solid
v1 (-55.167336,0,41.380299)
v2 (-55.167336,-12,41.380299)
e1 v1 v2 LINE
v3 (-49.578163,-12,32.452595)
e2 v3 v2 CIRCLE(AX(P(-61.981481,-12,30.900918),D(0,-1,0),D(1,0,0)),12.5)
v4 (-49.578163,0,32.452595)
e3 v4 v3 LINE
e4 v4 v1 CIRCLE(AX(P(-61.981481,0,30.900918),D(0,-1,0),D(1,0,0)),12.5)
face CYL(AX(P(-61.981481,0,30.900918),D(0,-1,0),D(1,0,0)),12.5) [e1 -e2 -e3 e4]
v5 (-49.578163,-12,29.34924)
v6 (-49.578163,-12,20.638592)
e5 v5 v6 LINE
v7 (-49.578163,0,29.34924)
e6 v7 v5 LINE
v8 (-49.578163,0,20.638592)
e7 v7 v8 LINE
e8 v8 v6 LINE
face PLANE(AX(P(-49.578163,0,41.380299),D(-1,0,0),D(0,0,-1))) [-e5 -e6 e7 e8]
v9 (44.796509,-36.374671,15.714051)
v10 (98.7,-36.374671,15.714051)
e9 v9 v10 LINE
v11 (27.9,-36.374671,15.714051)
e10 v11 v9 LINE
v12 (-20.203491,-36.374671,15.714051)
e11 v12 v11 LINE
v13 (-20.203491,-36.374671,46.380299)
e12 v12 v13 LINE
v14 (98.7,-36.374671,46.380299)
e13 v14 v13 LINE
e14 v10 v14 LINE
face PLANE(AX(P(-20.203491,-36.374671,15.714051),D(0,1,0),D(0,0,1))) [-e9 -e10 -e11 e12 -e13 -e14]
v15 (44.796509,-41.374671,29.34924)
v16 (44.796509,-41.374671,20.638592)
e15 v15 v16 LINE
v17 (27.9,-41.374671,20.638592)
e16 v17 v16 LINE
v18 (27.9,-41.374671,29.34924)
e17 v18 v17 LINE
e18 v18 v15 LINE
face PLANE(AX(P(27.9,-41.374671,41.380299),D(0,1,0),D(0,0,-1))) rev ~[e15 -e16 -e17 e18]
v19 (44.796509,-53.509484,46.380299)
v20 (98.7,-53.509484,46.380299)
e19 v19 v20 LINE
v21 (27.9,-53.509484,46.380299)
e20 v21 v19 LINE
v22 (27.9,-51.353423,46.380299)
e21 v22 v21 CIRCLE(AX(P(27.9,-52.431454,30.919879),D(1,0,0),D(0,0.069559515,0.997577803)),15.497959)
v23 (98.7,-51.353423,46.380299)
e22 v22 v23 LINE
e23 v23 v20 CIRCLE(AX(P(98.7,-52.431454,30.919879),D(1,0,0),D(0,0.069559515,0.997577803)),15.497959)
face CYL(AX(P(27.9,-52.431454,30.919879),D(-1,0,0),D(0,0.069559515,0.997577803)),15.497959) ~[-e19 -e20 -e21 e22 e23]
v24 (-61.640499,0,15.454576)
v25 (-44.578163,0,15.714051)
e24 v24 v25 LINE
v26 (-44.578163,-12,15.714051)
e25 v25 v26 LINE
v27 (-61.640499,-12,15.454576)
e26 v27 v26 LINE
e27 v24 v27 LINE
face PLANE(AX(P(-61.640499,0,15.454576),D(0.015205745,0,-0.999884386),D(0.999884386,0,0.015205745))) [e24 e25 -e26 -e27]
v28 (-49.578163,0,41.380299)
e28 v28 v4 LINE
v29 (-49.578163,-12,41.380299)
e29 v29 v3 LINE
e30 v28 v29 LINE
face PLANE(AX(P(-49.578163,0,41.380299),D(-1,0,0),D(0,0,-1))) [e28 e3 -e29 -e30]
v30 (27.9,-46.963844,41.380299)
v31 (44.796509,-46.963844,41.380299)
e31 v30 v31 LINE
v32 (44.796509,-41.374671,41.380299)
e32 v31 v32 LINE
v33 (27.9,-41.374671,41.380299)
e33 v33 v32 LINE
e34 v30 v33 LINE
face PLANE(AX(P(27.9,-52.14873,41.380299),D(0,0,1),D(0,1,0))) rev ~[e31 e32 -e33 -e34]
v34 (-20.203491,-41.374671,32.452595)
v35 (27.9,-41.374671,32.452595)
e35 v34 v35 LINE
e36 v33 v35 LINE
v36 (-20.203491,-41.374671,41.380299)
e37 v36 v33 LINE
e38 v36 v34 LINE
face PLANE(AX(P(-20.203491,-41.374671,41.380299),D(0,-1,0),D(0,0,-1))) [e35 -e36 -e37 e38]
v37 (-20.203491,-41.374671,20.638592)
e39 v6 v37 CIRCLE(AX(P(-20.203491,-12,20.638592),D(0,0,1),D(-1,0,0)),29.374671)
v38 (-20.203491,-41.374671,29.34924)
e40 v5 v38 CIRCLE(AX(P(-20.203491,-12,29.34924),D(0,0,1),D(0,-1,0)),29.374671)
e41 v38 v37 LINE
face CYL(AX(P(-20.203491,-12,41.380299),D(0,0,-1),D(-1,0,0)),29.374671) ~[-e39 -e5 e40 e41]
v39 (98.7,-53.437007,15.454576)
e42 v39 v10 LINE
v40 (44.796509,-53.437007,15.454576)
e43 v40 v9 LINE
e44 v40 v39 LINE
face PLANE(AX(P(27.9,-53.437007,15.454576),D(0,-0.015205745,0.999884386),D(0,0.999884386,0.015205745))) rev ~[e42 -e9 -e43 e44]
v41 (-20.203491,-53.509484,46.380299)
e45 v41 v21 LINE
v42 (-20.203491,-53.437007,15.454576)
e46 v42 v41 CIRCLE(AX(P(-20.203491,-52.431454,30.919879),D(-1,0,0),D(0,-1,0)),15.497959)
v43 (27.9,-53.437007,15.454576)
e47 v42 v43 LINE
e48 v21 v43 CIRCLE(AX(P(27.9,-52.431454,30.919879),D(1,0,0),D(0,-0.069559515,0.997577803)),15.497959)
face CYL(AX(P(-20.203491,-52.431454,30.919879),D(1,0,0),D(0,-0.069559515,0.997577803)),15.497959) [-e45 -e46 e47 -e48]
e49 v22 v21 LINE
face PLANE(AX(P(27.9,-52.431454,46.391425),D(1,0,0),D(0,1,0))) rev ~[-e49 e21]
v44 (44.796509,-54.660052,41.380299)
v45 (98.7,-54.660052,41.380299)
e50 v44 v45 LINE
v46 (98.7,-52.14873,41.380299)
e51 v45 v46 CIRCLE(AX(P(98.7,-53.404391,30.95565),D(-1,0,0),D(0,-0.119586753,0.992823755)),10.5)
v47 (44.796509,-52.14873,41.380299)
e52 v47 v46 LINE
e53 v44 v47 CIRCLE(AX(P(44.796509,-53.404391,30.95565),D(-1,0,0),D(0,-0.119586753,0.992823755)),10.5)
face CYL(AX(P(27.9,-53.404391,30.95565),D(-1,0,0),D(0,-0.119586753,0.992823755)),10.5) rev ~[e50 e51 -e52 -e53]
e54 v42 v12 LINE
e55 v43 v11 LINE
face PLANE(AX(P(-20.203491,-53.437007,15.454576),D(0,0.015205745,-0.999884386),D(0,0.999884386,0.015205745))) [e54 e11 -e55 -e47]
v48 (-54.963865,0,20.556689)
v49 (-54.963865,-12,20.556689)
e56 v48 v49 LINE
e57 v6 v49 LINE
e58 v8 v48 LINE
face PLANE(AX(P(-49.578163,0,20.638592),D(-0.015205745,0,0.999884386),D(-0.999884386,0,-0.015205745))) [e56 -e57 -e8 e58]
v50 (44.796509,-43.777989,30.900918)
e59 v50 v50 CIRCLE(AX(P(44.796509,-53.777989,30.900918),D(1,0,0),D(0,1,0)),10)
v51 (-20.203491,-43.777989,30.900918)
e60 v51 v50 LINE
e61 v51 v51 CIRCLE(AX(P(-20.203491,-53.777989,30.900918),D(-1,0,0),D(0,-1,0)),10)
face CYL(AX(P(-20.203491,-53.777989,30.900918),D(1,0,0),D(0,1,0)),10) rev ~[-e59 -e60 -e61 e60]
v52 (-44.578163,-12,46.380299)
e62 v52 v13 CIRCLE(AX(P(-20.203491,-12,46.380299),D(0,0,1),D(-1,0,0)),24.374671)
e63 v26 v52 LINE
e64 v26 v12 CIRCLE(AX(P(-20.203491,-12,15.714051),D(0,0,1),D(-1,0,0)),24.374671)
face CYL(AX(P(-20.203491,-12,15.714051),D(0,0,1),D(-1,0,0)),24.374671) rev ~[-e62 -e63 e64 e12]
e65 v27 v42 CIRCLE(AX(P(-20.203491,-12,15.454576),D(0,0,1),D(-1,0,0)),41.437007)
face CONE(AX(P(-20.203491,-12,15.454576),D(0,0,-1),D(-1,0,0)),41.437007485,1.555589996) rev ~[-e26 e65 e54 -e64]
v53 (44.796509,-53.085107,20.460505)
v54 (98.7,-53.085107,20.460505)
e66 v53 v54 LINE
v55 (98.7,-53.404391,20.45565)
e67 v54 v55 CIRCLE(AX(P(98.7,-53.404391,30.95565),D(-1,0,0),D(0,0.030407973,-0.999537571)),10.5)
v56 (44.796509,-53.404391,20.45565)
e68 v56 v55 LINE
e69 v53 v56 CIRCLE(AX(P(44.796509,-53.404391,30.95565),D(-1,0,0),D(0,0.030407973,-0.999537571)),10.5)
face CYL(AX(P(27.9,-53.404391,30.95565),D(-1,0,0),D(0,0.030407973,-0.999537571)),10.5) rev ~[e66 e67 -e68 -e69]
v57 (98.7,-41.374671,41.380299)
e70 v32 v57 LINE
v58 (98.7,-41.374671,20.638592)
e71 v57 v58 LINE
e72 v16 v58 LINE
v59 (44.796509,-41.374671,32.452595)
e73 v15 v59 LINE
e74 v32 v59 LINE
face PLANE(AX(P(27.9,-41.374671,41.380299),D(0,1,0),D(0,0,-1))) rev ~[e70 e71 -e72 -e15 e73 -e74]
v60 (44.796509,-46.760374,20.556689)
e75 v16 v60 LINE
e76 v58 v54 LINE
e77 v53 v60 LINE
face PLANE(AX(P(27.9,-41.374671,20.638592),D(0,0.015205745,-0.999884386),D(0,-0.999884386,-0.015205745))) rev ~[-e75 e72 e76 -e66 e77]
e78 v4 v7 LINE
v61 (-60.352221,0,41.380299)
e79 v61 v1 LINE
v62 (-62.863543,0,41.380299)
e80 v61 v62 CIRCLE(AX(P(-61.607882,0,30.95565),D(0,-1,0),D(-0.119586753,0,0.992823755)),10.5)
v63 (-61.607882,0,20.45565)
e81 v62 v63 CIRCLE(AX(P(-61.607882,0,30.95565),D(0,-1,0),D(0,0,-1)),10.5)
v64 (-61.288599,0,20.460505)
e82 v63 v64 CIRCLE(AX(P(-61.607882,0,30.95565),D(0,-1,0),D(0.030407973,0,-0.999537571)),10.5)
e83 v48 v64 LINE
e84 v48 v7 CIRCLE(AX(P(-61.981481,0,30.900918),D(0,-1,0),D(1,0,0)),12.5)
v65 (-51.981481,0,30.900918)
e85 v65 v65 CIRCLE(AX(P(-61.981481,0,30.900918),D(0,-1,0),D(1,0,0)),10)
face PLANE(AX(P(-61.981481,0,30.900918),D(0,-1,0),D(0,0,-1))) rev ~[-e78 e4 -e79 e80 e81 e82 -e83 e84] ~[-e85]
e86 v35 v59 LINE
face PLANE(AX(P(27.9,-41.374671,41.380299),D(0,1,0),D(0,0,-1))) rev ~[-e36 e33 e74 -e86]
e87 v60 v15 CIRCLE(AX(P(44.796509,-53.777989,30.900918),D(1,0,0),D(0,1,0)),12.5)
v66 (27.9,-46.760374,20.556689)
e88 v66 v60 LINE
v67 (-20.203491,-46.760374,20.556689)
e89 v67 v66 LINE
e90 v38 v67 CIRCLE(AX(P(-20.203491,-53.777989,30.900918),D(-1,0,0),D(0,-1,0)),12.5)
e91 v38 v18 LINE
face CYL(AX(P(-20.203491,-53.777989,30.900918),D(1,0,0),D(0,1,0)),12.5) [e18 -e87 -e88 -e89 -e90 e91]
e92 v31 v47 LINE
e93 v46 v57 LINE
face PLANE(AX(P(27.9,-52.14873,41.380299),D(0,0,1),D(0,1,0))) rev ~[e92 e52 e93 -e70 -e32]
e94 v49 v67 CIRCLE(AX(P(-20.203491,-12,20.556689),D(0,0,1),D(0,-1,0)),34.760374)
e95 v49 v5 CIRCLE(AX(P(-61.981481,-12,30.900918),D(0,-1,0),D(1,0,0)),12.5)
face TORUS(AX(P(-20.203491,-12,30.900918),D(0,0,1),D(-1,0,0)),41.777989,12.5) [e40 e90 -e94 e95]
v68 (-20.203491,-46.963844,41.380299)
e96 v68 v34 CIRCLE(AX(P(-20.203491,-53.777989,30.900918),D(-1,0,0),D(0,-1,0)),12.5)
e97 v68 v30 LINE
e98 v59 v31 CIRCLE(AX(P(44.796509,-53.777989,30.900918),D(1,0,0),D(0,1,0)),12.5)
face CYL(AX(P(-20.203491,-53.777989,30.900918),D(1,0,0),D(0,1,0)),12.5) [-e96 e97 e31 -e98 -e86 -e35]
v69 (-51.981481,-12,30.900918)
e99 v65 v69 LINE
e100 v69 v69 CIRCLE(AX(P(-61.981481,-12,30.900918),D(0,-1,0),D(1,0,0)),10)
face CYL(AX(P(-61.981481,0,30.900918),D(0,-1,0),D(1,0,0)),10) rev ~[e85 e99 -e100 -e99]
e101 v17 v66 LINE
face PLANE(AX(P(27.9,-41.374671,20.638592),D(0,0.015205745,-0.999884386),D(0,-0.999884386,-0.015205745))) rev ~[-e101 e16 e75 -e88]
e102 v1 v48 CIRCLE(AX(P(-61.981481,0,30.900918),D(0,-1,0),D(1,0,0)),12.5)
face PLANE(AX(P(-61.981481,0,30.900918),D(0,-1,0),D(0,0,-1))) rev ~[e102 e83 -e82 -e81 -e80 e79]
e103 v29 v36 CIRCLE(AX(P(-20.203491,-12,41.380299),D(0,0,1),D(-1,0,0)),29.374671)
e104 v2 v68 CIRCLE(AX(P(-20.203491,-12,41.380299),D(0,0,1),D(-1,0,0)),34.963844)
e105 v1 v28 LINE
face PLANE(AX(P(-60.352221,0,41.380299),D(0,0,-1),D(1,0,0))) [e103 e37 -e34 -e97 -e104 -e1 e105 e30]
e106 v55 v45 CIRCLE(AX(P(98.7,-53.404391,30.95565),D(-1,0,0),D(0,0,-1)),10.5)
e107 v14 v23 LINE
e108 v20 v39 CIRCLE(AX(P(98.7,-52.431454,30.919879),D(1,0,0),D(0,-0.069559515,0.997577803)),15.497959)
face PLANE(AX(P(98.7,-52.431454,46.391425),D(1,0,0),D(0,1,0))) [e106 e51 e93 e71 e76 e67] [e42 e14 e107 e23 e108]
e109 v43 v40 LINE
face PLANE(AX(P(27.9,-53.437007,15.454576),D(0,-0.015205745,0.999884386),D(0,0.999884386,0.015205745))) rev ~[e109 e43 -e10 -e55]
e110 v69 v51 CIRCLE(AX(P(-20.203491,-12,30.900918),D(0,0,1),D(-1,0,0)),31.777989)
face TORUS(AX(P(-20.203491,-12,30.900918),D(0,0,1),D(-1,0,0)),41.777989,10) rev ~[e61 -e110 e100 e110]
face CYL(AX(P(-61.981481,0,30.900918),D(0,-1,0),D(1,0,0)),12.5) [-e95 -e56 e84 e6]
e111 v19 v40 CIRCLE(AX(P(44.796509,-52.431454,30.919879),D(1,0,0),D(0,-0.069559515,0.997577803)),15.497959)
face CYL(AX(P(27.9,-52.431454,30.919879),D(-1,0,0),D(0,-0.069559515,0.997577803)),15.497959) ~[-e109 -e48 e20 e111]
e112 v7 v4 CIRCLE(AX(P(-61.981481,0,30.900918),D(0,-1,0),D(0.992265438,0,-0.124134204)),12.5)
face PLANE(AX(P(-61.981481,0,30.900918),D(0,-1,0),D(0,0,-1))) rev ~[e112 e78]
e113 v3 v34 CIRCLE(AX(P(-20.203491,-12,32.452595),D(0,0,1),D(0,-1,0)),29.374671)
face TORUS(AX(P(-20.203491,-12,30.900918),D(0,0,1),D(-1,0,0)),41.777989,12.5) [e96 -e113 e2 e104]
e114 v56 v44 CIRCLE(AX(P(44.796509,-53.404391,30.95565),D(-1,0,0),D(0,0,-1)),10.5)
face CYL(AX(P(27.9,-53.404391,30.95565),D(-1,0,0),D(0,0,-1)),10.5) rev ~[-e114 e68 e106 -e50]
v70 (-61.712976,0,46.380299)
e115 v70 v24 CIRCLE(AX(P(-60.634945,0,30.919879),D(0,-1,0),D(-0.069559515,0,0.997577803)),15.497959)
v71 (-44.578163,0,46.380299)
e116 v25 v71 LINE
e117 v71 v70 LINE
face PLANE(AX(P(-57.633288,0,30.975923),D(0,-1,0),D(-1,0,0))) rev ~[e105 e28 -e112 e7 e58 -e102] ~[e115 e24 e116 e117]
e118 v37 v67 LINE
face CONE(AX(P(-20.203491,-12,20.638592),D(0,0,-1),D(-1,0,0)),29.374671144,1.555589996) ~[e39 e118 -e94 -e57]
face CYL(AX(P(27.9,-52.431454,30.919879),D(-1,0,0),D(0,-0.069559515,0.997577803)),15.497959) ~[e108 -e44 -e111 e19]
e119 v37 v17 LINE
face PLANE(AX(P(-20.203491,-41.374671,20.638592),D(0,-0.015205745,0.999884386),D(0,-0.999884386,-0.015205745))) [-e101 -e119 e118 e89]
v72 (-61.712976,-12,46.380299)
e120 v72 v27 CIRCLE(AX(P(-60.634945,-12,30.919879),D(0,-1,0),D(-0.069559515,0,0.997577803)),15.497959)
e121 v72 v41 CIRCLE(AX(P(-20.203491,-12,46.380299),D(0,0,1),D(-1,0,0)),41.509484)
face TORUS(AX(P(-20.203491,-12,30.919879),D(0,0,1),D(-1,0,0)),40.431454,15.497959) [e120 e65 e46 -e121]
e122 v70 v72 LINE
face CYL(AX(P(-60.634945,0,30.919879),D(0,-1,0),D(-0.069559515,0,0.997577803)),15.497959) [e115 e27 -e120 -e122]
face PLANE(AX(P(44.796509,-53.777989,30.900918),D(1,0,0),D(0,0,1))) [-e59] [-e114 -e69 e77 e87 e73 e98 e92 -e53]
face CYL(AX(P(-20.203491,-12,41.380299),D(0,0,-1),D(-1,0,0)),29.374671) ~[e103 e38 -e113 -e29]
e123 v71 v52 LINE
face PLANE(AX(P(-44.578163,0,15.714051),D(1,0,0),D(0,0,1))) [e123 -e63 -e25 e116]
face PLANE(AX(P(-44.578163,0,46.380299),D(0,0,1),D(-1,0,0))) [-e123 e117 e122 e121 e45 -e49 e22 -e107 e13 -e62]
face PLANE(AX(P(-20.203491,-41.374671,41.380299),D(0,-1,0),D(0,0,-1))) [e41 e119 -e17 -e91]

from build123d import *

# Parameters (mm, degrees)
F0_R     = 12.5
F0_R_2   = 9.5
F3_T     = -2.5
F5_START = 27.9
F5_DEPTH = 70.8


with BuildPart() as f2:
    # F2: sweep along a path in F1
    with BuildLine(Plane.XY) as f2_path:
        Line((-30.2034914494, 0), (-30.2034914494, -12))
        ThreePointArc((-30.2034914494, -12), (-27.2745592612, -19.0710678119), (-20.2034914494, -22))
        Line((-20.2034914494, -22), (44.7965085506, -22))
    # F0 (on Front) → F2 (sweep)
    with BuildSketch(Plane.XZ):
        with Locations((-61.9814805686, 30.9009179473)):
            Circle(F0_R)
        with Locations((-61.9814805686, 30.9009179473)):
            Circle(F0_R_2, mode=Mode.SUBTRACT)
        with Locations((-61.9814805686, 30.9009179473)):
            Circle(F0_R_2)
    sweep(path=f2_path.line)

    # F3
    f3_openings = [f2.faces().sort_by_distance(p)[0] for p in [
        (44.796509, -53.777989, 30.900918),
        (-61.981481, 0, 30.900918),
    ]]
    offset(amount=F3_T, openings=f3_openings)

    # F4 (on Right) → F5 (join)
    with BuildSketch(Plane.YZ.offset(F5_START)):
        with BuildLine():
            Line((-53.509484202, 46.3802992553), (-51.3534231177, 46.3802992553))
            ThreePointArc((-51.3534231177, 46.3802992553), (-52.4314536598, 46.4178383598), (-53.509484202, 46.3802992553))
        make_face()
        with BuildLine():
            Line((-36.3746711443, 46.3802992553), (-51.3534231177, 46.3802992553))
            Line((-51.3534231177, 46.3802992553), (-53.509484202, 46.3802992553))
            ThreePointArc((-53.509484202, 46.3802992553), (-67.929370479, 30.8835584681), (-53.4370074848, 15.4545756724))
            Line((-53.4370074848, 15.4545756724), (-36.3746711443, 15.7140511985))
            Line((-36.3746711443, 15.7140511985), (-36.3746711443, 46.3802992553))
        make_face()
        with BuildLine():
            ThreePointArc((-54.6600517166, 41.3802992553), (-53.4043908119, 41.4556498275), (-52.1487299073, 41.3802992553))
            Line((-52.1487299073, 41.3802992553), (-41.3746711443, 41.3802992553))
            Line((-41.3746711443, 41.3802992553), (-41.3746711443, 20.6385918219))
            Line((-41.3746711443, 20.6385918219), (-53.0851070952, 20.4605053354))
            ThreePointArc((-53.0851070952, 20.4605053354), (-53.2447304946, 20.4568637746), (-53.4043908119, 20.4556498275))
            ThreePointArc((-53.4043908119, 20.4556498275), (-63.8855362405, 30.3266899686), (-54.6600517166, 41.3802992553))
        make_face(mode=Mode.SUBTRACT)
    extrude(amount=F5_DEPTH)

    # F6: sweep along a path in F1
    with BuildLine(Plane.XY) as f6_path:
        Line((-30.2034914494, 0), (-30.2034914494, -12))
        ThreePointArc((-30.2034914494, -12), (-27.2745592612, -19.0710678119), (-20.2034914494, -22))
        Line((-20.2034914494, -22), (44.7965085506, -22))
    # F4 (on Right) → F6 (sweep)
    with BuildSketch(Plane.YZ):
        with BuildLine():
            Line((-36.3746711443, 46.3802992553), (-51.3534231177, 46.3802992553))
            Line((-51.3534231177, 46.3802992553), (-53.509484202, 46.3802992553))
            ThreePointArc((-53.509484202, 46.3802992553), (-67.929370479, 30.8835584681), (-53.4370074848, 15.4545756724))
            Line((-53.4370074848, 15.4545756724), (-36.3746711443, 15.7140511985))
            Line((-36.3746711443, 15.7140511985), (-36.3746711443, 46.3802992553))
        make_face()
        with BuildLine():
            ThreePointArc((-54.6600517166, 41.3802992553), (-53.4043908119, 41.4556498275), (-52.1487299073, 41.3802992553))
            Line((-52.1487299073, 41.3802992553), (-41.3746711443, 41.3802992553))
            Line((-41.3746711443, 41.3802992553), (-41.3746711443, 20.6385918219))
            Line((-41.3746711443, 20.6385918219), (-53.0851070952, 20.4605053354))
            ThreePointArc((-53.0851070952, 20.4605053354), (-53.2447304946, 20.4568637746), (-53.4043908119, 20.4556498275))
            ThreePointArc((-53.4043908119, 20.4556498275), (-63.8855362405, 30.3266899686), (-54.6600517166, 41.3802992553))
        make_face(mode=Mode.SUBTRACT)
    sweep(path=f6_path.line)


solid = f2.part
